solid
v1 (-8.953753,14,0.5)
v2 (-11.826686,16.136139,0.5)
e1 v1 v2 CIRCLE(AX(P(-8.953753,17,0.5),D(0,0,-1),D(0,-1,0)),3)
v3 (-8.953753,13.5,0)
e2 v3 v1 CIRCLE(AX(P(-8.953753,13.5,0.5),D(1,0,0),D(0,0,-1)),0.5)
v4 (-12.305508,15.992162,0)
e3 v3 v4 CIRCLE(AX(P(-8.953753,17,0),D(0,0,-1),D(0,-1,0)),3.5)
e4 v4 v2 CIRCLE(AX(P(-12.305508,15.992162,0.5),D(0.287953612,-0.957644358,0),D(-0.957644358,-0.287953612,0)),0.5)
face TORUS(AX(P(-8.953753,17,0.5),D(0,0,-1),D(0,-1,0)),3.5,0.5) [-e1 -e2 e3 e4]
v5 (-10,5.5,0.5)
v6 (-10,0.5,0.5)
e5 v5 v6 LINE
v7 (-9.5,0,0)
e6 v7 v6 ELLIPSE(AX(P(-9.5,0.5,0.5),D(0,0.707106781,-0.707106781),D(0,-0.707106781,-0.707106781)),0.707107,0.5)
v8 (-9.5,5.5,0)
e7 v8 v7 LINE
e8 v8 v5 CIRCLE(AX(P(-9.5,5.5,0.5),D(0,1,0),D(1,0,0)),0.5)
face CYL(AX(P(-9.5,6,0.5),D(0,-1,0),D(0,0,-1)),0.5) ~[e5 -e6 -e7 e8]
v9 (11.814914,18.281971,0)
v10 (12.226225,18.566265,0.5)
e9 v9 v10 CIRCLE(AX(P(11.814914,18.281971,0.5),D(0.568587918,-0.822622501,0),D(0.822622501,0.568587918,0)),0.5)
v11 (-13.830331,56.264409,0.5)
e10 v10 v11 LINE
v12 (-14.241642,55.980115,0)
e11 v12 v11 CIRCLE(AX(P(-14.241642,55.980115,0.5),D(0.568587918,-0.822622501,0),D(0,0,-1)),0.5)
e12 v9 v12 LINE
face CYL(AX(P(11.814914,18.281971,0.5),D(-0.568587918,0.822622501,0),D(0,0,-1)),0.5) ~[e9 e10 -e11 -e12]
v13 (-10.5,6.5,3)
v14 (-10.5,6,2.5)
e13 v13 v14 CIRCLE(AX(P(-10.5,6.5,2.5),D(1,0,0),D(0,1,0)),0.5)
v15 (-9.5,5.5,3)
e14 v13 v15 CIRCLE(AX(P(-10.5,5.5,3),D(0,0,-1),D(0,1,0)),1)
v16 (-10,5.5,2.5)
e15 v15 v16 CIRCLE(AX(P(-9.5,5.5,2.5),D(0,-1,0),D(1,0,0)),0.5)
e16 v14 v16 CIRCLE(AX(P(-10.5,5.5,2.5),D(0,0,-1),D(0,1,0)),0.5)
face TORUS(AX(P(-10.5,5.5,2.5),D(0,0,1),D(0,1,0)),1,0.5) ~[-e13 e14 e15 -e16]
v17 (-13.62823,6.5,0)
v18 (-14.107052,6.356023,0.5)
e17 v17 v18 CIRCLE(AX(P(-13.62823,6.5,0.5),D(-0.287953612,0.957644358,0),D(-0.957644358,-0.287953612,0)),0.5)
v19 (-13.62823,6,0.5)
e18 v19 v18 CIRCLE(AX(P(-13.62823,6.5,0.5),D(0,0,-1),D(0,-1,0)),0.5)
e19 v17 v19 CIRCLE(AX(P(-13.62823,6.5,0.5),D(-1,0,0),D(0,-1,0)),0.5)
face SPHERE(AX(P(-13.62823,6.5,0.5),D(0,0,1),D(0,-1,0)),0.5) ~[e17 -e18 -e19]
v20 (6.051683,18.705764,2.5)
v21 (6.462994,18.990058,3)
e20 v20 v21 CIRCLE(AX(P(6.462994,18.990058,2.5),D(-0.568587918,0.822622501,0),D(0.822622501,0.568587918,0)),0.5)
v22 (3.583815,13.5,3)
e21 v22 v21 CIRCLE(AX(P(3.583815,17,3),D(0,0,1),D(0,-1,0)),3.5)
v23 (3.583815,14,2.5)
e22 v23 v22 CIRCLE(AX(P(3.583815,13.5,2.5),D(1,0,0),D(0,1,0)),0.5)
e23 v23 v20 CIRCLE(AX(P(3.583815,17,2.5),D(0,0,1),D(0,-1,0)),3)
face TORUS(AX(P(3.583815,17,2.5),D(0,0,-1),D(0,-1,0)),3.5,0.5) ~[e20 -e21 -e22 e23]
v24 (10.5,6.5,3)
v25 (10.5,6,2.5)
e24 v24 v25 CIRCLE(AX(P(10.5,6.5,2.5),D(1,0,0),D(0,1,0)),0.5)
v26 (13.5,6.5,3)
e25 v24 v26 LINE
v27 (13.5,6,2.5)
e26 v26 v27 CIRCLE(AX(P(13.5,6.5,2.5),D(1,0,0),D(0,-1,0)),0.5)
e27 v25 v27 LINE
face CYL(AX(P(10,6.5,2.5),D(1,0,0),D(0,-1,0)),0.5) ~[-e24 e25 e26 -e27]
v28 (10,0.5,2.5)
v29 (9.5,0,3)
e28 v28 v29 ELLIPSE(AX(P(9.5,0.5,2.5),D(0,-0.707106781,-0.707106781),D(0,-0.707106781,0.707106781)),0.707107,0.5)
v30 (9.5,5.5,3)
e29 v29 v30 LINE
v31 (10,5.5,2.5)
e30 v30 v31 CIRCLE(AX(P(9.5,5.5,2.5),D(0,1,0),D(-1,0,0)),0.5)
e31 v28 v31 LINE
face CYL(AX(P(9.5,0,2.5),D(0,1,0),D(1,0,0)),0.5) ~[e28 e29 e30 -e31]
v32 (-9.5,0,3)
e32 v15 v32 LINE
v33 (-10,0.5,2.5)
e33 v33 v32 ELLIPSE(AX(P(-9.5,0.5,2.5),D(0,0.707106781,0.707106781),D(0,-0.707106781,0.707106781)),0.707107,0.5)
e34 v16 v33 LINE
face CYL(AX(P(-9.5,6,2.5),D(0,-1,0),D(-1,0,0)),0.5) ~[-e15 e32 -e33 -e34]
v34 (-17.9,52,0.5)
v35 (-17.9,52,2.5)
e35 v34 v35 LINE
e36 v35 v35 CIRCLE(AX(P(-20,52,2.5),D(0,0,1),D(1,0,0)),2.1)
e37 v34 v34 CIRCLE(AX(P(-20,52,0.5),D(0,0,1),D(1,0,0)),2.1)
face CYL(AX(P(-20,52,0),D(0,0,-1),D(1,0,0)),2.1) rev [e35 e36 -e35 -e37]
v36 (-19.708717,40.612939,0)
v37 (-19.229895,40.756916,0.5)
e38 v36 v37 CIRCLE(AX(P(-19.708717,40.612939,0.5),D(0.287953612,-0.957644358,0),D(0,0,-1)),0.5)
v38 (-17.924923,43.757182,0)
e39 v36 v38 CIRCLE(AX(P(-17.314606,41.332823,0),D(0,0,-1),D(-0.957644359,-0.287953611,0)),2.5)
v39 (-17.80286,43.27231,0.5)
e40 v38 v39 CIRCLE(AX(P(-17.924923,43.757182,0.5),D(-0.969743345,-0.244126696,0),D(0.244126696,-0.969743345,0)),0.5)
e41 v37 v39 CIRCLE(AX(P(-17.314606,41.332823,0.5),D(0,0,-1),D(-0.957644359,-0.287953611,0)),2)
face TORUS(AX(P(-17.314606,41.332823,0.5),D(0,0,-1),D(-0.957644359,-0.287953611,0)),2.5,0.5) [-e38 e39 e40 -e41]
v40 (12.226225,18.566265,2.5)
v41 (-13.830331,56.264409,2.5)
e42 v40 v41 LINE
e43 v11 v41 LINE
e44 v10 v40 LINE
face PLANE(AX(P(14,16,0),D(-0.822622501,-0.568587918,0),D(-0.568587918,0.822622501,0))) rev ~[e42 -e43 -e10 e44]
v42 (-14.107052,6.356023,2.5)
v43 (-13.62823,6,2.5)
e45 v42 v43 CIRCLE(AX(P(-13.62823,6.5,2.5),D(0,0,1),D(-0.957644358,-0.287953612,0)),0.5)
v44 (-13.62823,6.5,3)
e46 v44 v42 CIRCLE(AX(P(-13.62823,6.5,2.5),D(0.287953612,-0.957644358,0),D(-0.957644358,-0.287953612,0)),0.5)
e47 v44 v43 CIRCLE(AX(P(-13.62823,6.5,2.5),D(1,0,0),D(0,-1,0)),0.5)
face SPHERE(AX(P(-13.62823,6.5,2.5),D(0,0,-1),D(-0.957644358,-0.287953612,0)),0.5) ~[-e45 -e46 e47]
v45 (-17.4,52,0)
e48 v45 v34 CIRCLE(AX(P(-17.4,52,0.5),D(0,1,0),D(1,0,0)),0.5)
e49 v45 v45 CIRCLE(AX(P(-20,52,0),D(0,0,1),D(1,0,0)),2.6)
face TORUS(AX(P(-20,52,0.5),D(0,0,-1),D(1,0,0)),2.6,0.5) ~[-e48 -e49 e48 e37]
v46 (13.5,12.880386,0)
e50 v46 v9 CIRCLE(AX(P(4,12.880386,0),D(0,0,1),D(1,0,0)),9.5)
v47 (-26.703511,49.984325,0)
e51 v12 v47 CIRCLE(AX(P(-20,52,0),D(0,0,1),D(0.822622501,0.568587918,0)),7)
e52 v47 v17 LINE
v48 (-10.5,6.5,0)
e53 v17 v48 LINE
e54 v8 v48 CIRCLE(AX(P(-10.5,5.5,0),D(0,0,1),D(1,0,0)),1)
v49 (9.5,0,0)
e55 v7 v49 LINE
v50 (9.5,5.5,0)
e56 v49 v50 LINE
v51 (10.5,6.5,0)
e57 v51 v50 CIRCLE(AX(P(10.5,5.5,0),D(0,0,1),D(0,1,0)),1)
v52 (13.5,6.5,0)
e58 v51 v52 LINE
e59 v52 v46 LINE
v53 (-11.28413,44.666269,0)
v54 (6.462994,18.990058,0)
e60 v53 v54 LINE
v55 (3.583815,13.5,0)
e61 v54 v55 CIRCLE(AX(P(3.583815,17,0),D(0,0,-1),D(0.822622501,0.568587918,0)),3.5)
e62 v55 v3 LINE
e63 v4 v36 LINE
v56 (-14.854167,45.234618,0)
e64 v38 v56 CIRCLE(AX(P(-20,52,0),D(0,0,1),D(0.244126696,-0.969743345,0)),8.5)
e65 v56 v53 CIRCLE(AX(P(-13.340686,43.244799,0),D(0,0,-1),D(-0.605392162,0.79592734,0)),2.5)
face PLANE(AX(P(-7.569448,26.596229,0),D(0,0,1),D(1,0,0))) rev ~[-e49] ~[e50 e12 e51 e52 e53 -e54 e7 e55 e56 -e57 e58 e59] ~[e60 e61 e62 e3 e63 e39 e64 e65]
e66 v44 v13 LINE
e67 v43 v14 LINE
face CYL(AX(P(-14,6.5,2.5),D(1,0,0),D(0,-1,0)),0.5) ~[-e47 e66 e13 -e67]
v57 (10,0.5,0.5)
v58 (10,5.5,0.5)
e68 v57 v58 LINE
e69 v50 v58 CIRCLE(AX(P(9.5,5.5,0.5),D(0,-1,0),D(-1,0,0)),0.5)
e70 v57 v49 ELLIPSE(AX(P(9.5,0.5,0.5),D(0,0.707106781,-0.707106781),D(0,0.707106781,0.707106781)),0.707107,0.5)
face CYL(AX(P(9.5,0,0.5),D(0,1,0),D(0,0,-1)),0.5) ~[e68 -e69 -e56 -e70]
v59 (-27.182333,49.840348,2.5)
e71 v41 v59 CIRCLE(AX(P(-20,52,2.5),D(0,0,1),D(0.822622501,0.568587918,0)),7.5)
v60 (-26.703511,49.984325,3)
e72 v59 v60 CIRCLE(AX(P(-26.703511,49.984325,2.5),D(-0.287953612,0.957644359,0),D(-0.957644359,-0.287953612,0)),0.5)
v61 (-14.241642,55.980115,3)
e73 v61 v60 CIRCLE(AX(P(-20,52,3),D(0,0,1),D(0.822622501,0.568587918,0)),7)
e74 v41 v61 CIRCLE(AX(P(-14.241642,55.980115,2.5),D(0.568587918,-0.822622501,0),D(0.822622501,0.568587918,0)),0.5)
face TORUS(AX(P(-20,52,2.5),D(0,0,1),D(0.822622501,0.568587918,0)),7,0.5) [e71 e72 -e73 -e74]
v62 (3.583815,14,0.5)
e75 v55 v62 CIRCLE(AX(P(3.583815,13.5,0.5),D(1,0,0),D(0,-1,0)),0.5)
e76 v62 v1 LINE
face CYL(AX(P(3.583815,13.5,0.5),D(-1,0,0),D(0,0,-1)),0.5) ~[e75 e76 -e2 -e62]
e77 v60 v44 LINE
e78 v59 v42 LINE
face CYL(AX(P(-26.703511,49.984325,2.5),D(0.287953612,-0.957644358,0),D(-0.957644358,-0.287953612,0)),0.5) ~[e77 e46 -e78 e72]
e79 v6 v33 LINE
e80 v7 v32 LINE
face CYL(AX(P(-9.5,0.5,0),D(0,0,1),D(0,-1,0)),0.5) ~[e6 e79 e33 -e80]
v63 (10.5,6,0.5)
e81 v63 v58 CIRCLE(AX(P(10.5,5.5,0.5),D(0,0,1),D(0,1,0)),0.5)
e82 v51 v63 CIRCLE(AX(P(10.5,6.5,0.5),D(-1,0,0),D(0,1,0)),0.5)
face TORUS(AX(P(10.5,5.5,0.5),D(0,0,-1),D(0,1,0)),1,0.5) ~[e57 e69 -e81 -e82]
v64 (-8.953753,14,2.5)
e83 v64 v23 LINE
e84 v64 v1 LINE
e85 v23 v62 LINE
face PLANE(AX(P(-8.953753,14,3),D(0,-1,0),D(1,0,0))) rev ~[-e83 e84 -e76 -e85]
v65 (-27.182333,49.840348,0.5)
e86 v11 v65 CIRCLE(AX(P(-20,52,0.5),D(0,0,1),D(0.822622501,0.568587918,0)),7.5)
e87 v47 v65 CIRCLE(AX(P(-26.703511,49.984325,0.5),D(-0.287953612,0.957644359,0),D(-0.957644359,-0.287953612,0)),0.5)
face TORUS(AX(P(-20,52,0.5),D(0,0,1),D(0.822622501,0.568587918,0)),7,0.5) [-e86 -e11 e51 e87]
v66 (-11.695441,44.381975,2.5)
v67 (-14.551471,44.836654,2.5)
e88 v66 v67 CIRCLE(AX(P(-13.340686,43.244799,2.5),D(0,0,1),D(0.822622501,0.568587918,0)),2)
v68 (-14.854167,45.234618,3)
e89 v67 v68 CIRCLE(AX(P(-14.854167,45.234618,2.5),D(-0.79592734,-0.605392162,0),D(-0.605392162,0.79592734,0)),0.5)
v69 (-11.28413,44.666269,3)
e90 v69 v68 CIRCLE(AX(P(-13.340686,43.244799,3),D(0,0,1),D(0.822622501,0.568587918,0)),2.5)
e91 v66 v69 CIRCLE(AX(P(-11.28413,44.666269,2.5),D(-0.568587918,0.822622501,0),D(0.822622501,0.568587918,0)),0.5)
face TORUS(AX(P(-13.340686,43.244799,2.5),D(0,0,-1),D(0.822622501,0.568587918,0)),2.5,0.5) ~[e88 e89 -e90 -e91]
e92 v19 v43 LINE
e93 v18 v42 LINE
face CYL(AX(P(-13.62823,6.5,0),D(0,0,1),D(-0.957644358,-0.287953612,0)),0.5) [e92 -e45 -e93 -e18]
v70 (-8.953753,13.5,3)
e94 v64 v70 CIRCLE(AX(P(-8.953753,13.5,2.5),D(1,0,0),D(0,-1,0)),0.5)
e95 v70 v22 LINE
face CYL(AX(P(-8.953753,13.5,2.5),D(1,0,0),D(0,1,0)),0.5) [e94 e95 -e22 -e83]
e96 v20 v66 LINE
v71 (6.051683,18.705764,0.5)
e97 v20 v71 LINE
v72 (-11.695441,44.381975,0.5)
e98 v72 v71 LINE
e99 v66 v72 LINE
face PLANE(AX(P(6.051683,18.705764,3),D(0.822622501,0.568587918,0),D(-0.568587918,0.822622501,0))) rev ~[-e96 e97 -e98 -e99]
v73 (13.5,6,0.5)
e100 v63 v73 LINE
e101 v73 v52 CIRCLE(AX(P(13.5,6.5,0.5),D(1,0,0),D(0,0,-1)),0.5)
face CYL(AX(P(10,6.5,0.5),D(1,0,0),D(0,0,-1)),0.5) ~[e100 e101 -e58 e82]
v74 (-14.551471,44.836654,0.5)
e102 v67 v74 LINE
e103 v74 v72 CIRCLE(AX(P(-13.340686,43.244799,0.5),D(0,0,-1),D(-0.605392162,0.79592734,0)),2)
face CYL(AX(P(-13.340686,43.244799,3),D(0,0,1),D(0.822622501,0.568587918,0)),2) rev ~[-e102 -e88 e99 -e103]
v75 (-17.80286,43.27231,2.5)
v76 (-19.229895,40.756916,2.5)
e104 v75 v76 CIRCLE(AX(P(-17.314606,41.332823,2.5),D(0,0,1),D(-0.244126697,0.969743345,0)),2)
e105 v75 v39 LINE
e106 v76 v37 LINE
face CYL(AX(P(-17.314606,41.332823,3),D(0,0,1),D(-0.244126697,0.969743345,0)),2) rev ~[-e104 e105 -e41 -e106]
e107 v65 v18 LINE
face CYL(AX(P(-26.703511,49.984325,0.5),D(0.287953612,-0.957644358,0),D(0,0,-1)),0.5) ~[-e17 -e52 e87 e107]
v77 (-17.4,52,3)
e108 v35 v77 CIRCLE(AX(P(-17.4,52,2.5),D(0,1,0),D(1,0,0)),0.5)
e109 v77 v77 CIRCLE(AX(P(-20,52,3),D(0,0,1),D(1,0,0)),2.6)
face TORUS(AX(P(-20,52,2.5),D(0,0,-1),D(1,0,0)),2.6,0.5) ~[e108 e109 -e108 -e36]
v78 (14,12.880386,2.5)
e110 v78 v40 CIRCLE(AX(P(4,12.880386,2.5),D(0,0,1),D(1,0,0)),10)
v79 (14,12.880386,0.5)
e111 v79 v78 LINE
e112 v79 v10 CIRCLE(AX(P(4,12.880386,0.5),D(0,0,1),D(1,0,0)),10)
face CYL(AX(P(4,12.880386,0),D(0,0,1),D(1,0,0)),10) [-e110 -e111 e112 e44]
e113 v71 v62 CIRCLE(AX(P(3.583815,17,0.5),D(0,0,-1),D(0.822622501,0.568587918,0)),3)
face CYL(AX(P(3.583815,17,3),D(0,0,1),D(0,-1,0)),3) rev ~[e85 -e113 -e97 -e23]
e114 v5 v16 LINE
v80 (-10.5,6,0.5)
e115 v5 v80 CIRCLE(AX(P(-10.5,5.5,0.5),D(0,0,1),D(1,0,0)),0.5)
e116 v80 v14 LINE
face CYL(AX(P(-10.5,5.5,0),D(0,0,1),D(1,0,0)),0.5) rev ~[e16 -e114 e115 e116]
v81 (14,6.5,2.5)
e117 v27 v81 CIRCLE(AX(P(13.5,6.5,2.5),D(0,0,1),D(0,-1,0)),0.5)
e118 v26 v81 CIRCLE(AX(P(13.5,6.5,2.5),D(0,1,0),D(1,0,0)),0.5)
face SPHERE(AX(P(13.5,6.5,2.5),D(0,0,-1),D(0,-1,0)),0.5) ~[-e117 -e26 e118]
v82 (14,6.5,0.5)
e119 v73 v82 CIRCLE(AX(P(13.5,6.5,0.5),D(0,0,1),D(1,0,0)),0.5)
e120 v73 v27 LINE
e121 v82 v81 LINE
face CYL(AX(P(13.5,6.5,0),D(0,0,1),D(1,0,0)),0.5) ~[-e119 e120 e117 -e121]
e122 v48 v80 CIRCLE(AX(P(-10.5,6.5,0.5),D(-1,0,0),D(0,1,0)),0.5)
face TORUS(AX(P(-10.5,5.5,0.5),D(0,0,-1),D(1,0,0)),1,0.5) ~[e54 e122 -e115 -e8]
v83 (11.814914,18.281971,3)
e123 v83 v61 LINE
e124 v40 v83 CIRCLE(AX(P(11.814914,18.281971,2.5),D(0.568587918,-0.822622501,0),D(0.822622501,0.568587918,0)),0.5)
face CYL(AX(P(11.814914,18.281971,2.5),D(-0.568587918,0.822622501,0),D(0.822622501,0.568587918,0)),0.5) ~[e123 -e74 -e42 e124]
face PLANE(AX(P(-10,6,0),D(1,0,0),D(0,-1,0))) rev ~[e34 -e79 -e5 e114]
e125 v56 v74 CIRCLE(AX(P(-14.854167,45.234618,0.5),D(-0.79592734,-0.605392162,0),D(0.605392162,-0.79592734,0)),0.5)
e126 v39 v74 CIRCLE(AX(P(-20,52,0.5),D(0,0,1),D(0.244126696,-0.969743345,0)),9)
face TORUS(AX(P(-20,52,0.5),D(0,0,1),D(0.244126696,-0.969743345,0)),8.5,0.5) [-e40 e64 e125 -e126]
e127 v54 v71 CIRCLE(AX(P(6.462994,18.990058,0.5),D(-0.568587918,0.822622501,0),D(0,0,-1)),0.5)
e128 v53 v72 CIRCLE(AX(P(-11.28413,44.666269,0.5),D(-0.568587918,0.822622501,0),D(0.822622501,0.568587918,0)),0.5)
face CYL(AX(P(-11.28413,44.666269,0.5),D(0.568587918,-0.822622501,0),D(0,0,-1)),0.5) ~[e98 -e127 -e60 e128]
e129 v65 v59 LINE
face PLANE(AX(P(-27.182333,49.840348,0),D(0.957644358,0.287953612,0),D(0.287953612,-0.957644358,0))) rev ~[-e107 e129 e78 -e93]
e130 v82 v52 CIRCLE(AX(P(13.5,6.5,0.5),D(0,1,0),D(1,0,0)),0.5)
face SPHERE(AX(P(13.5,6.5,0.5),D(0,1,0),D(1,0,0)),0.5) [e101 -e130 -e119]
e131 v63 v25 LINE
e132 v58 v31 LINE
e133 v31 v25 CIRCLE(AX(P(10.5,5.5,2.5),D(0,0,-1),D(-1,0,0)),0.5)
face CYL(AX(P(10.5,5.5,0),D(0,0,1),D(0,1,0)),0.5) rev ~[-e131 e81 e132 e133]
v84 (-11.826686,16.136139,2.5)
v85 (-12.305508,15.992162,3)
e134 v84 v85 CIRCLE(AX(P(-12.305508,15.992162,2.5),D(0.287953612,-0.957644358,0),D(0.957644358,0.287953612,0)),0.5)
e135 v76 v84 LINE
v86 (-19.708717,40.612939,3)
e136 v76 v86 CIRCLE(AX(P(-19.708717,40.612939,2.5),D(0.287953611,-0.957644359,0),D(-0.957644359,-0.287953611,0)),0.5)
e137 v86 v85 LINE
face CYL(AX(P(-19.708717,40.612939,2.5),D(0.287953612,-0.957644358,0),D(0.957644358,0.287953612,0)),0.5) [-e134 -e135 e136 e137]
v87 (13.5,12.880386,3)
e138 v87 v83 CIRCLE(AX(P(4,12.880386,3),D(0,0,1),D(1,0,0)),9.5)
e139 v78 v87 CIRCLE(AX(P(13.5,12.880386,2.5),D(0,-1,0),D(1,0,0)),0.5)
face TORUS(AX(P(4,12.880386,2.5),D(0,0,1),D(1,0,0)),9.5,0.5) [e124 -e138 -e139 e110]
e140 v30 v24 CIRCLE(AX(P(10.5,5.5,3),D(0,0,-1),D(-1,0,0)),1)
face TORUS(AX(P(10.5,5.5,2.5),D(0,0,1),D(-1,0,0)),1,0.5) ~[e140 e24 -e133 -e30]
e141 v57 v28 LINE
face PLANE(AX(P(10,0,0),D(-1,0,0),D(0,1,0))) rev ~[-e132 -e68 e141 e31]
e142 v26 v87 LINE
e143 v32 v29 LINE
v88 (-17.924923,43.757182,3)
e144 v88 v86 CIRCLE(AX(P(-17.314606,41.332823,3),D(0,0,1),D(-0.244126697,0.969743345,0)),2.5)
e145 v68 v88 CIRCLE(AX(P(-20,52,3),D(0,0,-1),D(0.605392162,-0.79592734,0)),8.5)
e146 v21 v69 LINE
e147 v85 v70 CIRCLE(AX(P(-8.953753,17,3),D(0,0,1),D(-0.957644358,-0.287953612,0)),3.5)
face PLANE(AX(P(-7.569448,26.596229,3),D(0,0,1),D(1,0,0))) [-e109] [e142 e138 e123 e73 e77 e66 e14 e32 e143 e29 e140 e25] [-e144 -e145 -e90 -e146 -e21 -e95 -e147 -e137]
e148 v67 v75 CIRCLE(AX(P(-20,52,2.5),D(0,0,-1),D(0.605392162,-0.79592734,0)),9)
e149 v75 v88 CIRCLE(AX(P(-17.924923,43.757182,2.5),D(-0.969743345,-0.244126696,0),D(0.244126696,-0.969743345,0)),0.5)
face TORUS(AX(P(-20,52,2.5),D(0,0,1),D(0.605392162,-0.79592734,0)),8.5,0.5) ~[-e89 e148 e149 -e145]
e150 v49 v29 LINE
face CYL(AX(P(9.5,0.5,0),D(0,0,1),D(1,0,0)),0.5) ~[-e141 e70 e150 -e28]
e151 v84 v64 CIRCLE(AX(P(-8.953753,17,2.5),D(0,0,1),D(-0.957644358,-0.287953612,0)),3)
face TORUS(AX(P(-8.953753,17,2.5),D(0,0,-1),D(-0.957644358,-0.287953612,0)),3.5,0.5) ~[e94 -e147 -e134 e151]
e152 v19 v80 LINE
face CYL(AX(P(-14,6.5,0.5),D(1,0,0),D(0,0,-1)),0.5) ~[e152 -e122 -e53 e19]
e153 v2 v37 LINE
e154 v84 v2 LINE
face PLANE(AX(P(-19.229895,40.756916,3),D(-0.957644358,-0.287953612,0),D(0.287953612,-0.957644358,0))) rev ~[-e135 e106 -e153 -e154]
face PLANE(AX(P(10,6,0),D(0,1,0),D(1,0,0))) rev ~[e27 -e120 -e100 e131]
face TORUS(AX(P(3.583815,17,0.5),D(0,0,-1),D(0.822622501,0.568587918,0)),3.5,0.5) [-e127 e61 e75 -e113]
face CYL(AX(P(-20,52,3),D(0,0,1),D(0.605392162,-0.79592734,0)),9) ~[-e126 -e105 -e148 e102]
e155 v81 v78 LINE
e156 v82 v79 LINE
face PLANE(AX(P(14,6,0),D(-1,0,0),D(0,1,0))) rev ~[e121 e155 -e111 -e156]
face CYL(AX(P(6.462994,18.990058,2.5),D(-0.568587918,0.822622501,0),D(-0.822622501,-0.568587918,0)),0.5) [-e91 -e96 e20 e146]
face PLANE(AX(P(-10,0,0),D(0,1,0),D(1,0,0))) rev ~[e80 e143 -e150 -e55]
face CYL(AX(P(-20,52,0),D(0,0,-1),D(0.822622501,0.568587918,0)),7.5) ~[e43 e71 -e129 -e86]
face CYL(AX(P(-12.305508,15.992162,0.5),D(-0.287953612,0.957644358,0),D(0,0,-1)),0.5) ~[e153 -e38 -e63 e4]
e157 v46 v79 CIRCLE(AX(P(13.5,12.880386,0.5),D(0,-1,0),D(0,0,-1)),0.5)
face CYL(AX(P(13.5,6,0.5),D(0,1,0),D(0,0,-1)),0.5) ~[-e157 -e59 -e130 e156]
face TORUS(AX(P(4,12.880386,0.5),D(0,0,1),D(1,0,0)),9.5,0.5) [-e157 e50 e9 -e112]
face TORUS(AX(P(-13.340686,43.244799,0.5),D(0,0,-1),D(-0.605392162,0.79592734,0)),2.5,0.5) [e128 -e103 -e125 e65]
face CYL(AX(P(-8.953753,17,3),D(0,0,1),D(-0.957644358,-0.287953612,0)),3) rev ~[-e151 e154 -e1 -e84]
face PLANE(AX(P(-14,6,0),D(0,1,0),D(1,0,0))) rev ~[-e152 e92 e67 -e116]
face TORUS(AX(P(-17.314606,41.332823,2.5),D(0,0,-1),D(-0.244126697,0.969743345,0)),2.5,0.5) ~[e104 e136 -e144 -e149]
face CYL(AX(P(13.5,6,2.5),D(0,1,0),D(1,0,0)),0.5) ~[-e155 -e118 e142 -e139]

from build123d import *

# Parameters (mm, degrees)
SKETCH1_R           = 2.1
BOSS_EXTRUDE1_DEPTH = 3
CUT_EXTRUDE1_DEPTH  = 30.5
FILLET1_R           = 10
FILLET2_R           = 0.5


with BuildPart() as part:
    # Sketch1 → Boss-Extrude1 (new body)
    with BuildSketch(Plane.XY):
        with BuildLine():
            Line((-10, 0), (10, 0))
            Line((10, 0), (10, 6))
            Line((10, 6), (14, 6))
            Line((14, 6), (14, 16))
            Line((14, 16), (-13.83033124, 56.264409384))
            ThreePointArc((-13.83033124, 56.264409384), (-23.251693945, 58.758438169), (-27.182332689, 49.84034791))
            Line((-27.182332689, 49.84034791), (-14, 6))
            Line((-14, 6), (-10, 6))
            Line((-10, 6), (-10, 0))
        make_face()
        with Locations((-20, 52)):
            Circle(SKETCH1_R, mode=Mode.SUBTRACT)
    extrude(amount=BOSS_EXTRUDE1_DEPTH)

    # Sketch2 → Cut-Extrude1 (cut)
    with BuildSketch(Plane.XY.offset(3)):
        with BuildLine():
            Line((-8.95375269, 14), (3.583815293, 14))
            ThreePointArc((3.583815293, 14), (6.24062647, 15.606675067), (6.051682797, 18.705763754))
            Line((6.051682797, 18.705763754), (-11.695441217, 44.381975097))
            ThreePointArc((-11.695441217, 44.381975097), (-13.026246666, 45.21992654), (-14.551470543, 44.836653941))
            ThreePointArc((-14.551470543, 44.836653941), (-16.097967266, 43.889874197), (-17.802859732, 43.272309891))
            ThreePointArc((-17.802859732, 43.272309891), (-19.054162405, 42.319709563), (-19.229895057, 40.756915976))
            Line((-19.229895057, 40.756915976), (-11.826685765, 16.136139164))
            ThreePointArc((-11.826685765, 16.136139164), (-10.743783065, 14.592555036), (-8.95375269, 14))
        make_face()
    extrude(amount=-CUT_EXTRUDE1_DEPTH, mode=Mode.SUBTRACT)

    # Fillet1
    fillet1_edges = [part.edges().sort_by_distance(p)[0] for p in [
        (14, 16, 1.5),
    ]]
    fillet(fillet1_edges, radius=FILLET1_R)

    # Fillet2
    fillet2_edges = [part.edges().sort_by_distance(p)[0] for p in [
        (-12, 6, 3),
        (-10, 3, 0),
        (-12, 6, 0),
        (-20.591166344, 27.920173955, 0),
        (-23.251693945, 58.758438169, 0),
        (-10, 3, 3),
        (14, 6, 1.5),
        (10, 6, 1.5),
        (10, 0, 1.5),
        (-10, 0, 1.5),
        (-10, 6, 1.5),
        (-14, 6, 1.5),
        (10, 3, 3),
        (12, 6, 3),
        (-22.1, 52, 0),
        (-22.1, 52, 3),
        (14, 9.440192861, 3),
        (-16.097967266, 43.889874197, 0),
        (-19.054162405, 42.319709563, 0),
        (-15.528290411, 28.44652757, 0),
        (-10.743783065, 14.592555036, 0),
        (-2.684968699, 14, 0),
        (6.24062647, 15.606675067, 0),
        (-2.82187921, 31.543869425, 0),
        (-13.026246666, 45.21992654, 0),
        (-23.251693945, 58.758438169, 3),
        (-13.026246666, 45.21992654, 3),
        (-16.097967266, 43.889874197, 3),
        (-19.054162405, 42.319709563, 3),
        (-15.528290411, 28.44652757, 3),
        (-10.743783065, 14.592555036, 3),
        (-2.684968699, 14, 3),
        (6.24062647, 15.606675067, 3),
        (-2.82187921, 31.543869425, 3),
        (-0.802053114, 37.415337142, 0),
        (-0.802053114, 37.415337142, 3),
        (13.546262361, 15.858451358, 0),
        (-20.591166344, 27.920173955, 3),
        (13.546262361, 15.858451358, 3),
        (14, 9.440192861, 0),
        (12, 6, 0),
        (10, 3, 0),
    ]]
    fillet(fillet2_edges, radius=FILLET2_R)


solid = part.part
